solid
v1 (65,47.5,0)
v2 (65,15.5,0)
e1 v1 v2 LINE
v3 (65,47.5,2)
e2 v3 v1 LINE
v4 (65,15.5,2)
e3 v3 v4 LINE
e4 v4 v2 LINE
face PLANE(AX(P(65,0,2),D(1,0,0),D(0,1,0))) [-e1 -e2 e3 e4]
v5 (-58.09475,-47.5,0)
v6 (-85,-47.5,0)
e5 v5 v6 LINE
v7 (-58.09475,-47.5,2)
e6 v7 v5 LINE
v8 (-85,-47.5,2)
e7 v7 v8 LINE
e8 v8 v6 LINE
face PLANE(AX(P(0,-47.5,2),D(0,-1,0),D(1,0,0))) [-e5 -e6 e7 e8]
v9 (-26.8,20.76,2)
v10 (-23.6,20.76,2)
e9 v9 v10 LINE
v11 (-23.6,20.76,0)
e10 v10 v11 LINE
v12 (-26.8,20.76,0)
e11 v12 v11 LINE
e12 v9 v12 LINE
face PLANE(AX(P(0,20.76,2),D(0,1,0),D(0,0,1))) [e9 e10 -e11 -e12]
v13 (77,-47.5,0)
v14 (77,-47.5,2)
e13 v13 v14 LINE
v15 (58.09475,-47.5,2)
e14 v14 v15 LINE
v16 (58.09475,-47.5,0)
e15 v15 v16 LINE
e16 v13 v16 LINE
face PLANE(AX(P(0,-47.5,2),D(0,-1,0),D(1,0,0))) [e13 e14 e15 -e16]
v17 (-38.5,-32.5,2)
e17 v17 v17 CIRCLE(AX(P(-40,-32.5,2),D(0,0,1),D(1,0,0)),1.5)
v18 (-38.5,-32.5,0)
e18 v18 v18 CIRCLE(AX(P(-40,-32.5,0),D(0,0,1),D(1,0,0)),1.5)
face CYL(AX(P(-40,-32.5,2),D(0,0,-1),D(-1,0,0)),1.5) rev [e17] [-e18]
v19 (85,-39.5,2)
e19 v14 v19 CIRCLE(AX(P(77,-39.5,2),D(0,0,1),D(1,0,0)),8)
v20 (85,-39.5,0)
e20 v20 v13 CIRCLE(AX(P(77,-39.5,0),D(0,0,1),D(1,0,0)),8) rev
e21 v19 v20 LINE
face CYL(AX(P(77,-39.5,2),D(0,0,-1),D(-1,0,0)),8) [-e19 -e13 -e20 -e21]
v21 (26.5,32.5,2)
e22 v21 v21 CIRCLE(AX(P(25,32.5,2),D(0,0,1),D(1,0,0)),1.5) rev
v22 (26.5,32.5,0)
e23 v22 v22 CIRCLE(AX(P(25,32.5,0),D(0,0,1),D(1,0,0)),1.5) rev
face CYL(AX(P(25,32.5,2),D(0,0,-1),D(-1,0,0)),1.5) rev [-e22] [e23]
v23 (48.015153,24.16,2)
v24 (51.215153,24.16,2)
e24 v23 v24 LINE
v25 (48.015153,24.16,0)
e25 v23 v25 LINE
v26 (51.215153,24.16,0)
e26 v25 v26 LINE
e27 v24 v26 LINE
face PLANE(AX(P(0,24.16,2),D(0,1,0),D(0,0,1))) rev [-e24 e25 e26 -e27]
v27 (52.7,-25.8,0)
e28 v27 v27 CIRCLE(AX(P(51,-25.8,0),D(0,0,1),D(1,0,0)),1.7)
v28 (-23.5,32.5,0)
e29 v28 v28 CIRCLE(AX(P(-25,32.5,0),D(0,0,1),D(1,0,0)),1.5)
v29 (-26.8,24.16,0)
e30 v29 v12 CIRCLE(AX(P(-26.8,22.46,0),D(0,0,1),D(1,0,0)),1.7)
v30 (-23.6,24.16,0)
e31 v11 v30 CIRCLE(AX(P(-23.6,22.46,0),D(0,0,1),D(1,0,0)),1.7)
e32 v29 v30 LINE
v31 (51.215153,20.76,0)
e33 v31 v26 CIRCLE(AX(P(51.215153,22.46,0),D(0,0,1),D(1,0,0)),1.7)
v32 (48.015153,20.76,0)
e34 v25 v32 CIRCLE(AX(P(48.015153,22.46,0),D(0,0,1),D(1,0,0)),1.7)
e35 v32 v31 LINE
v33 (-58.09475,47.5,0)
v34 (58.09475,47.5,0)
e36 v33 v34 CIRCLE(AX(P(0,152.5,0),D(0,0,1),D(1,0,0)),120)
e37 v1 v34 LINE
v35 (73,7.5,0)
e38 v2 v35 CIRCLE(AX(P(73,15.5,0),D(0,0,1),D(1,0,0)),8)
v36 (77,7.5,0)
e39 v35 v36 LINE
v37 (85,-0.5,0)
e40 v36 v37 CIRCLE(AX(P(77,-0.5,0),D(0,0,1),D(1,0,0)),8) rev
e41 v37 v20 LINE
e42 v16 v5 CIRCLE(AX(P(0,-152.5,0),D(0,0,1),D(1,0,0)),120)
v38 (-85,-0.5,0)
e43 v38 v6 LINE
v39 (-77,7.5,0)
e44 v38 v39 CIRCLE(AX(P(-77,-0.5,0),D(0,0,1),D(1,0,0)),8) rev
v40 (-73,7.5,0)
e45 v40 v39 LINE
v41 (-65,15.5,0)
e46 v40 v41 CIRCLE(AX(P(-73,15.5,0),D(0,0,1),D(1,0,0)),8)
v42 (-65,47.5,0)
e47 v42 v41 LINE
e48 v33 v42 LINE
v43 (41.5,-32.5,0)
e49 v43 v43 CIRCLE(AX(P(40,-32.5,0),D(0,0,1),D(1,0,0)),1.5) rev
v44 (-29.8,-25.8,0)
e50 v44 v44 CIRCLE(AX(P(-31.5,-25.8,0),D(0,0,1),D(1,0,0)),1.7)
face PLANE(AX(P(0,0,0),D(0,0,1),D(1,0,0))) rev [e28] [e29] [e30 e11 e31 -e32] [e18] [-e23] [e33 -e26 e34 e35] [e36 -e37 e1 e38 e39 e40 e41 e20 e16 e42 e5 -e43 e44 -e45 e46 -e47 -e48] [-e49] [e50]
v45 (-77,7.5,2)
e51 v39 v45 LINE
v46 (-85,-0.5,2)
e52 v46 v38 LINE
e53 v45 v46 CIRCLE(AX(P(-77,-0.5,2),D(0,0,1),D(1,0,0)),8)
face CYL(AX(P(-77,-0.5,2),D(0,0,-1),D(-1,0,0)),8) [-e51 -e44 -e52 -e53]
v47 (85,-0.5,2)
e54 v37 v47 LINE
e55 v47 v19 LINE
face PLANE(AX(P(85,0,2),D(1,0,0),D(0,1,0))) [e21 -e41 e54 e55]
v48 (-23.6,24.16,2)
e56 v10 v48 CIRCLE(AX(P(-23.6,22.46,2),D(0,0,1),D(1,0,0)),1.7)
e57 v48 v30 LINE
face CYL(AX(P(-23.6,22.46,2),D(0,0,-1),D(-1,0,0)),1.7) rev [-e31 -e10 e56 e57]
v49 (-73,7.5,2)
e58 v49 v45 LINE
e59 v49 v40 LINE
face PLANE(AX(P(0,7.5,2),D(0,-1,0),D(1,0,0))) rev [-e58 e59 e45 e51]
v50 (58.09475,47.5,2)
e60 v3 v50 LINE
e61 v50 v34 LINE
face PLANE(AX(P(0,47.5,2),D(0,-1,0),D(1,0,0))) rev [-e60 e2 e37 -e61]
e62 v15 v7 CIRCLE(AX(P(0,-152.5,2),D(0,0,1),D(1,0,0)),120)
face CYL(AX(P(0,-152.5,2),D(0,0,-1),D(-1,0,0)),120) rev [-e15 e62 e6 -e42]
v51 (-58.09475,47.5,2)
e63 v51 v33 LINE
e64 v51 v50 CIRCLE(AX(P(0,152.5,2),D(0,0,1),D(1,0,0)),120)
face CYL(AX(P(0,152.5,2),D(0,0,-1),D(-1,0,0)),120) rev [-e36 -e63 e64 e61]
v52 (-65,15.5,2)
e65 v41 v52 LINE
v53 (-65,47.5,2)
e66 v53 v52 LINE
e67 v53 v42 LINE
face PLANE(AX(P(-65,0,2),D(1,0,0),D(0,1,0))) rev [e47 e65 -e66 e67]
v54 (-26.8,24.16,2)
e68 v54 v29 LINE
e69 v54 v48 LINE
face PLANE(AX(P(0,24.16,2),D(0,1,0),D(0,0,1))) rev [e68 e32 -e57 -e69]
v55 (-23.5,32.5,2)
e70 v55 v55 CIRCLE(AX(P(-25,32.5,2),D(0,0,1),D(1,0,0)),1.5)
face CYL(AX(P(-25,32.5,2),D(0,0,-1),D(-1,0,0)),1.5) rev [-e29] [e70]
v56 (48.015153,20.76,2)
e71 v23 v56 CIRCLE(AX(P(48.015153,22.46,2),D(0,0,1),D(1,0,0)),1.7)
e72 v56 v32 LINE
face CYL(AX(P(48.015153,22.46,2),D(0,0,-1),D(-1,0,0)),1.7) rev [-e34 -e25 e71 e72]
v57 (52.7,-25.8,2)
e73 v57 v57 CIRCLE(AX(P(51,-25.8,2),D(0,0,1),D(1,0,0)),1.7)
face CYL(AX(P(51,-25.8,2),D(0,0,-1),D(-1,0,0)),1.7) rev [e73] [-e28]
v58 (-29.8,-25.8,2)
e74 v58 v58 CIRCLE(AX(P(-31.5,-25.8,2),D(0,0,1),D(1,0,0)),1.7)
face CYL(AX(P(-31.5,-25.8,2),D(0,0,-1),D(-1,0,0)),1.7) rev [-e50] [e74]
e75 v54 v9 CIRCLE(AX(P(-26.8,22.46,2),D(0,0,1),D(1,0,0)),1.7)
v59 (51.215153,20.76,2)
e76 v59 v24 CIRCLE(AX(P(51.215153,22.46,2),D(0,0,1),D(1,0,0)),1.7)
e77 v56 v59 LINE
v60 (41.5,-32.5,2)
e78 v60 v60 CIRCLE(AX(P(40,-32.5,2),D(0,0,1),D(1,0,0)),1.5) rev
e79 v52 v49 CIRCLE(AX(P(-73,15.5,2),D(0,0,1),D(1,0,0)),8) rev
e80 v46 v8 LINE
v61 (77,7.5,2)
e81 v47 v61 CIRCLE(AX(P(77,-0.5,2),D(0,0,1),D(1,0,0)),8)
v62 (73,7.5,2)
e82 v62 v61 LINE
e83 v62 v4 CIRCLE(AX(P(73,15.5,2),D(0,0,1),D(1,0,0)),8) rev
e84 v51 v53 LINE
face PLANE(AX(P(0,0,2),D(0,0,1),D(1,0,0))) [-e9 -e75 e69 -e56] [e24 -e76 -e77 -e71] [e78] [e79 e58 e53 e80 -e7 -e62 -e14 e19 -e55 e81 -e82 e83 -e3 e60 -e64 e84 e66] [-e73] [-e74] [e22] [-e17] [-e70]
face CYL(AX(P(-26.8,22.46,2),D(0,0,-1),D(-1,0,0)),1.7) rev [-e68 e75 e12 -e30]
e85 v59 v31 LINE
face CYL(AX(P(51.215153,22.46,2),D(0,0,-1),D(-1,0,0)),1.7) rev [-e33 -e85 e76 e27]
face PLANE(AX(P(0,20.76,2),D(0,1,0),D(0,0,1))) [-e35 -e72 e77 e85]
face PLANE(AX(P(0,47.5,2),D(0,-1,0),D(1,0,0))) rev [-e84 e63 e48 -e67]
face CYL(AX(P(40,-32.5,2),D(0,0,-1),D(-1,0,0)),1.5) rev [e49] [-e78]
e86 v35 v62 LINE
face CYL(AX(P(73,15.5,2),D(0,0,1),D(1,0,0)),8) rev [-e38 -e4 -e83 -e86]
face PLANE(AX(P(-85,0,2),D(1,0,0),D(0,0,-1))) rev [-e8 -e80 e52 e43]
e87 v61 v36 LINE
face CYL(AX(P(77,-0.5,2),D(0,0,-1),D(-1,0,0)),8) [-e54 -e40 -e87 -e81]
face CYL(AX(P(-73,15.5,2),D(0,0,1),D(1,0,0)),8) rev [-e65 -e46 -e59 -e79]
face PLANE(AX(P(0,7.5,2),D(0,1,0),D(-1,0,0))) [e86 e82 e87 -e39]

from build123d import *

# Parameters (mm, degrees)
SKETCH2_R           = 1.5
SKETCH2_R_2         = 1.7
BOSS_EXTRUDE1_DEPTH = 2
FILLET4_R           = 8
SKETCH2_3_W         = 20
SKETCH2_3_H         = 55
BOSS_EXTRUDE2_DEPTH = 2
FILLET6_R           = 8
FILLET7_R           = 8


with BuildPart() as part:
    # Sketch2 → Boss-Extrude1 (new body)
    with BuildSketch(Plane.XY):
        with BuildLine():
            Line((65, 7.5), (65, 47.5))
            Line((65, 47.5), (58.094750193, 47.5))
            ThreePointArc((58.094750193, 47.5), (0, 32.5), (-58.094750193, 47.5))
            Line((-58.094750193, 47.5), (-65, 47.5))
            Line((-65, 47.5), (-65, 7.5))
            Line((-65, 7.5), (-85, 7.5))
            Line((-85, 7.5), (-85, -47.5))
            Line((-85, -47.5), (-58.094750193, -47.5))
            ThreePointArc((-58.094750193, -47.5), (0, -32.5), (58.094750193, -47.5))
            Line((58.094750193, -47.5), (65, -47.5))
            Line((65, -47.5), (65, 7.5))
        make_face()
        with Locations((-40, -32.5)):
            Circle(SKETCH2_R, mode=Mode.SUBTRACT)
        with Locations((-31.5, -25.8)):
            Circle(SKETCH2_R_2, mode=Mode.SUBTRACT)
        with Locations((40, -32.5)):
            Circle(SKETCH2_R, mode=Mode.SUBTRACT)
        with Locations((51, -25.8)):
            Circle(SKETCH2_R_2, mode=Mode.SUBTRACT)
        with BuildLine():
            ThreePointArc((-26.8, 20.76), (-28.5, 22.46), (-26.8, 24.16))
            Line((-26.8, 24.16), (-23.6, 24.16))
            ThreePointArc((-23.6, 24.16), (-21.9, 22.46), (-23.6, 20.76))
            Line((-23.6, 20.76), (-26.8, 20.76))
        make_face(mode=Mode.SUBTRACT)
        with Locations((-25, 32.5)):
            Circle(SKETCH2_R, mode=Mode.SUBTRACT)
        with BuildLine():
            ThreePointArc((48.015152789, 20.76), (46.315152789, 22.46), (48.015152789, 24.16))
            Line((48.015152789, 24.16), (51.215152789, 24.16))
            ThreePointArc((51.215152789, 24.16), (52.915152789, 22.46), (51.215152789, 20.76))
            Line((51.215152789, 20.76), (48.015152789, 20.76))
        make_face(mode=Mode.SUBTRACT)
        with Locations((25, 32.5)):
            Circle(SKETCH2_R, mode=Mode.SUBTRACT)
    extrude(amount=BOSS_EXTRUDE1_DEPTH)

    # Fillet4
    fillet4_edges = [part.edges().sort_by_distance(p)[0] for p in [
        (-85, 7.5, 1),
    ]]
    fillet(fillet4_edges, radius=FILLET4_R)

    # Sketch2<3> → Boss-Extrude2 (add)
    with BuildSketch(Plane.XY):
        with Locations((75, -20)):
            Rectangle(SKETCH2_3_W, SKETCH2_3_H)
    extrude(amount=BOSS_EXTRUDE2_DEPTH)

    # Fillet6
    fillet6_edges = [part.edges().sort_by_distance(p)[0] for p in [
        (85, -47.5, 1),
        (85, 7.5, 1),
        (65, 7.5, 1),
    ]]
    fillet(fillet6_edges, radius=FILLET6_R)

    # Fillet7
    fillet7_edges = [part.edges().sort_by_distance(p)[0] for p in [
        (-65, 7.5, 1),
    ]]
    fillet(fillet7_edges, radius=FILLET7_R)


solid = part.part
